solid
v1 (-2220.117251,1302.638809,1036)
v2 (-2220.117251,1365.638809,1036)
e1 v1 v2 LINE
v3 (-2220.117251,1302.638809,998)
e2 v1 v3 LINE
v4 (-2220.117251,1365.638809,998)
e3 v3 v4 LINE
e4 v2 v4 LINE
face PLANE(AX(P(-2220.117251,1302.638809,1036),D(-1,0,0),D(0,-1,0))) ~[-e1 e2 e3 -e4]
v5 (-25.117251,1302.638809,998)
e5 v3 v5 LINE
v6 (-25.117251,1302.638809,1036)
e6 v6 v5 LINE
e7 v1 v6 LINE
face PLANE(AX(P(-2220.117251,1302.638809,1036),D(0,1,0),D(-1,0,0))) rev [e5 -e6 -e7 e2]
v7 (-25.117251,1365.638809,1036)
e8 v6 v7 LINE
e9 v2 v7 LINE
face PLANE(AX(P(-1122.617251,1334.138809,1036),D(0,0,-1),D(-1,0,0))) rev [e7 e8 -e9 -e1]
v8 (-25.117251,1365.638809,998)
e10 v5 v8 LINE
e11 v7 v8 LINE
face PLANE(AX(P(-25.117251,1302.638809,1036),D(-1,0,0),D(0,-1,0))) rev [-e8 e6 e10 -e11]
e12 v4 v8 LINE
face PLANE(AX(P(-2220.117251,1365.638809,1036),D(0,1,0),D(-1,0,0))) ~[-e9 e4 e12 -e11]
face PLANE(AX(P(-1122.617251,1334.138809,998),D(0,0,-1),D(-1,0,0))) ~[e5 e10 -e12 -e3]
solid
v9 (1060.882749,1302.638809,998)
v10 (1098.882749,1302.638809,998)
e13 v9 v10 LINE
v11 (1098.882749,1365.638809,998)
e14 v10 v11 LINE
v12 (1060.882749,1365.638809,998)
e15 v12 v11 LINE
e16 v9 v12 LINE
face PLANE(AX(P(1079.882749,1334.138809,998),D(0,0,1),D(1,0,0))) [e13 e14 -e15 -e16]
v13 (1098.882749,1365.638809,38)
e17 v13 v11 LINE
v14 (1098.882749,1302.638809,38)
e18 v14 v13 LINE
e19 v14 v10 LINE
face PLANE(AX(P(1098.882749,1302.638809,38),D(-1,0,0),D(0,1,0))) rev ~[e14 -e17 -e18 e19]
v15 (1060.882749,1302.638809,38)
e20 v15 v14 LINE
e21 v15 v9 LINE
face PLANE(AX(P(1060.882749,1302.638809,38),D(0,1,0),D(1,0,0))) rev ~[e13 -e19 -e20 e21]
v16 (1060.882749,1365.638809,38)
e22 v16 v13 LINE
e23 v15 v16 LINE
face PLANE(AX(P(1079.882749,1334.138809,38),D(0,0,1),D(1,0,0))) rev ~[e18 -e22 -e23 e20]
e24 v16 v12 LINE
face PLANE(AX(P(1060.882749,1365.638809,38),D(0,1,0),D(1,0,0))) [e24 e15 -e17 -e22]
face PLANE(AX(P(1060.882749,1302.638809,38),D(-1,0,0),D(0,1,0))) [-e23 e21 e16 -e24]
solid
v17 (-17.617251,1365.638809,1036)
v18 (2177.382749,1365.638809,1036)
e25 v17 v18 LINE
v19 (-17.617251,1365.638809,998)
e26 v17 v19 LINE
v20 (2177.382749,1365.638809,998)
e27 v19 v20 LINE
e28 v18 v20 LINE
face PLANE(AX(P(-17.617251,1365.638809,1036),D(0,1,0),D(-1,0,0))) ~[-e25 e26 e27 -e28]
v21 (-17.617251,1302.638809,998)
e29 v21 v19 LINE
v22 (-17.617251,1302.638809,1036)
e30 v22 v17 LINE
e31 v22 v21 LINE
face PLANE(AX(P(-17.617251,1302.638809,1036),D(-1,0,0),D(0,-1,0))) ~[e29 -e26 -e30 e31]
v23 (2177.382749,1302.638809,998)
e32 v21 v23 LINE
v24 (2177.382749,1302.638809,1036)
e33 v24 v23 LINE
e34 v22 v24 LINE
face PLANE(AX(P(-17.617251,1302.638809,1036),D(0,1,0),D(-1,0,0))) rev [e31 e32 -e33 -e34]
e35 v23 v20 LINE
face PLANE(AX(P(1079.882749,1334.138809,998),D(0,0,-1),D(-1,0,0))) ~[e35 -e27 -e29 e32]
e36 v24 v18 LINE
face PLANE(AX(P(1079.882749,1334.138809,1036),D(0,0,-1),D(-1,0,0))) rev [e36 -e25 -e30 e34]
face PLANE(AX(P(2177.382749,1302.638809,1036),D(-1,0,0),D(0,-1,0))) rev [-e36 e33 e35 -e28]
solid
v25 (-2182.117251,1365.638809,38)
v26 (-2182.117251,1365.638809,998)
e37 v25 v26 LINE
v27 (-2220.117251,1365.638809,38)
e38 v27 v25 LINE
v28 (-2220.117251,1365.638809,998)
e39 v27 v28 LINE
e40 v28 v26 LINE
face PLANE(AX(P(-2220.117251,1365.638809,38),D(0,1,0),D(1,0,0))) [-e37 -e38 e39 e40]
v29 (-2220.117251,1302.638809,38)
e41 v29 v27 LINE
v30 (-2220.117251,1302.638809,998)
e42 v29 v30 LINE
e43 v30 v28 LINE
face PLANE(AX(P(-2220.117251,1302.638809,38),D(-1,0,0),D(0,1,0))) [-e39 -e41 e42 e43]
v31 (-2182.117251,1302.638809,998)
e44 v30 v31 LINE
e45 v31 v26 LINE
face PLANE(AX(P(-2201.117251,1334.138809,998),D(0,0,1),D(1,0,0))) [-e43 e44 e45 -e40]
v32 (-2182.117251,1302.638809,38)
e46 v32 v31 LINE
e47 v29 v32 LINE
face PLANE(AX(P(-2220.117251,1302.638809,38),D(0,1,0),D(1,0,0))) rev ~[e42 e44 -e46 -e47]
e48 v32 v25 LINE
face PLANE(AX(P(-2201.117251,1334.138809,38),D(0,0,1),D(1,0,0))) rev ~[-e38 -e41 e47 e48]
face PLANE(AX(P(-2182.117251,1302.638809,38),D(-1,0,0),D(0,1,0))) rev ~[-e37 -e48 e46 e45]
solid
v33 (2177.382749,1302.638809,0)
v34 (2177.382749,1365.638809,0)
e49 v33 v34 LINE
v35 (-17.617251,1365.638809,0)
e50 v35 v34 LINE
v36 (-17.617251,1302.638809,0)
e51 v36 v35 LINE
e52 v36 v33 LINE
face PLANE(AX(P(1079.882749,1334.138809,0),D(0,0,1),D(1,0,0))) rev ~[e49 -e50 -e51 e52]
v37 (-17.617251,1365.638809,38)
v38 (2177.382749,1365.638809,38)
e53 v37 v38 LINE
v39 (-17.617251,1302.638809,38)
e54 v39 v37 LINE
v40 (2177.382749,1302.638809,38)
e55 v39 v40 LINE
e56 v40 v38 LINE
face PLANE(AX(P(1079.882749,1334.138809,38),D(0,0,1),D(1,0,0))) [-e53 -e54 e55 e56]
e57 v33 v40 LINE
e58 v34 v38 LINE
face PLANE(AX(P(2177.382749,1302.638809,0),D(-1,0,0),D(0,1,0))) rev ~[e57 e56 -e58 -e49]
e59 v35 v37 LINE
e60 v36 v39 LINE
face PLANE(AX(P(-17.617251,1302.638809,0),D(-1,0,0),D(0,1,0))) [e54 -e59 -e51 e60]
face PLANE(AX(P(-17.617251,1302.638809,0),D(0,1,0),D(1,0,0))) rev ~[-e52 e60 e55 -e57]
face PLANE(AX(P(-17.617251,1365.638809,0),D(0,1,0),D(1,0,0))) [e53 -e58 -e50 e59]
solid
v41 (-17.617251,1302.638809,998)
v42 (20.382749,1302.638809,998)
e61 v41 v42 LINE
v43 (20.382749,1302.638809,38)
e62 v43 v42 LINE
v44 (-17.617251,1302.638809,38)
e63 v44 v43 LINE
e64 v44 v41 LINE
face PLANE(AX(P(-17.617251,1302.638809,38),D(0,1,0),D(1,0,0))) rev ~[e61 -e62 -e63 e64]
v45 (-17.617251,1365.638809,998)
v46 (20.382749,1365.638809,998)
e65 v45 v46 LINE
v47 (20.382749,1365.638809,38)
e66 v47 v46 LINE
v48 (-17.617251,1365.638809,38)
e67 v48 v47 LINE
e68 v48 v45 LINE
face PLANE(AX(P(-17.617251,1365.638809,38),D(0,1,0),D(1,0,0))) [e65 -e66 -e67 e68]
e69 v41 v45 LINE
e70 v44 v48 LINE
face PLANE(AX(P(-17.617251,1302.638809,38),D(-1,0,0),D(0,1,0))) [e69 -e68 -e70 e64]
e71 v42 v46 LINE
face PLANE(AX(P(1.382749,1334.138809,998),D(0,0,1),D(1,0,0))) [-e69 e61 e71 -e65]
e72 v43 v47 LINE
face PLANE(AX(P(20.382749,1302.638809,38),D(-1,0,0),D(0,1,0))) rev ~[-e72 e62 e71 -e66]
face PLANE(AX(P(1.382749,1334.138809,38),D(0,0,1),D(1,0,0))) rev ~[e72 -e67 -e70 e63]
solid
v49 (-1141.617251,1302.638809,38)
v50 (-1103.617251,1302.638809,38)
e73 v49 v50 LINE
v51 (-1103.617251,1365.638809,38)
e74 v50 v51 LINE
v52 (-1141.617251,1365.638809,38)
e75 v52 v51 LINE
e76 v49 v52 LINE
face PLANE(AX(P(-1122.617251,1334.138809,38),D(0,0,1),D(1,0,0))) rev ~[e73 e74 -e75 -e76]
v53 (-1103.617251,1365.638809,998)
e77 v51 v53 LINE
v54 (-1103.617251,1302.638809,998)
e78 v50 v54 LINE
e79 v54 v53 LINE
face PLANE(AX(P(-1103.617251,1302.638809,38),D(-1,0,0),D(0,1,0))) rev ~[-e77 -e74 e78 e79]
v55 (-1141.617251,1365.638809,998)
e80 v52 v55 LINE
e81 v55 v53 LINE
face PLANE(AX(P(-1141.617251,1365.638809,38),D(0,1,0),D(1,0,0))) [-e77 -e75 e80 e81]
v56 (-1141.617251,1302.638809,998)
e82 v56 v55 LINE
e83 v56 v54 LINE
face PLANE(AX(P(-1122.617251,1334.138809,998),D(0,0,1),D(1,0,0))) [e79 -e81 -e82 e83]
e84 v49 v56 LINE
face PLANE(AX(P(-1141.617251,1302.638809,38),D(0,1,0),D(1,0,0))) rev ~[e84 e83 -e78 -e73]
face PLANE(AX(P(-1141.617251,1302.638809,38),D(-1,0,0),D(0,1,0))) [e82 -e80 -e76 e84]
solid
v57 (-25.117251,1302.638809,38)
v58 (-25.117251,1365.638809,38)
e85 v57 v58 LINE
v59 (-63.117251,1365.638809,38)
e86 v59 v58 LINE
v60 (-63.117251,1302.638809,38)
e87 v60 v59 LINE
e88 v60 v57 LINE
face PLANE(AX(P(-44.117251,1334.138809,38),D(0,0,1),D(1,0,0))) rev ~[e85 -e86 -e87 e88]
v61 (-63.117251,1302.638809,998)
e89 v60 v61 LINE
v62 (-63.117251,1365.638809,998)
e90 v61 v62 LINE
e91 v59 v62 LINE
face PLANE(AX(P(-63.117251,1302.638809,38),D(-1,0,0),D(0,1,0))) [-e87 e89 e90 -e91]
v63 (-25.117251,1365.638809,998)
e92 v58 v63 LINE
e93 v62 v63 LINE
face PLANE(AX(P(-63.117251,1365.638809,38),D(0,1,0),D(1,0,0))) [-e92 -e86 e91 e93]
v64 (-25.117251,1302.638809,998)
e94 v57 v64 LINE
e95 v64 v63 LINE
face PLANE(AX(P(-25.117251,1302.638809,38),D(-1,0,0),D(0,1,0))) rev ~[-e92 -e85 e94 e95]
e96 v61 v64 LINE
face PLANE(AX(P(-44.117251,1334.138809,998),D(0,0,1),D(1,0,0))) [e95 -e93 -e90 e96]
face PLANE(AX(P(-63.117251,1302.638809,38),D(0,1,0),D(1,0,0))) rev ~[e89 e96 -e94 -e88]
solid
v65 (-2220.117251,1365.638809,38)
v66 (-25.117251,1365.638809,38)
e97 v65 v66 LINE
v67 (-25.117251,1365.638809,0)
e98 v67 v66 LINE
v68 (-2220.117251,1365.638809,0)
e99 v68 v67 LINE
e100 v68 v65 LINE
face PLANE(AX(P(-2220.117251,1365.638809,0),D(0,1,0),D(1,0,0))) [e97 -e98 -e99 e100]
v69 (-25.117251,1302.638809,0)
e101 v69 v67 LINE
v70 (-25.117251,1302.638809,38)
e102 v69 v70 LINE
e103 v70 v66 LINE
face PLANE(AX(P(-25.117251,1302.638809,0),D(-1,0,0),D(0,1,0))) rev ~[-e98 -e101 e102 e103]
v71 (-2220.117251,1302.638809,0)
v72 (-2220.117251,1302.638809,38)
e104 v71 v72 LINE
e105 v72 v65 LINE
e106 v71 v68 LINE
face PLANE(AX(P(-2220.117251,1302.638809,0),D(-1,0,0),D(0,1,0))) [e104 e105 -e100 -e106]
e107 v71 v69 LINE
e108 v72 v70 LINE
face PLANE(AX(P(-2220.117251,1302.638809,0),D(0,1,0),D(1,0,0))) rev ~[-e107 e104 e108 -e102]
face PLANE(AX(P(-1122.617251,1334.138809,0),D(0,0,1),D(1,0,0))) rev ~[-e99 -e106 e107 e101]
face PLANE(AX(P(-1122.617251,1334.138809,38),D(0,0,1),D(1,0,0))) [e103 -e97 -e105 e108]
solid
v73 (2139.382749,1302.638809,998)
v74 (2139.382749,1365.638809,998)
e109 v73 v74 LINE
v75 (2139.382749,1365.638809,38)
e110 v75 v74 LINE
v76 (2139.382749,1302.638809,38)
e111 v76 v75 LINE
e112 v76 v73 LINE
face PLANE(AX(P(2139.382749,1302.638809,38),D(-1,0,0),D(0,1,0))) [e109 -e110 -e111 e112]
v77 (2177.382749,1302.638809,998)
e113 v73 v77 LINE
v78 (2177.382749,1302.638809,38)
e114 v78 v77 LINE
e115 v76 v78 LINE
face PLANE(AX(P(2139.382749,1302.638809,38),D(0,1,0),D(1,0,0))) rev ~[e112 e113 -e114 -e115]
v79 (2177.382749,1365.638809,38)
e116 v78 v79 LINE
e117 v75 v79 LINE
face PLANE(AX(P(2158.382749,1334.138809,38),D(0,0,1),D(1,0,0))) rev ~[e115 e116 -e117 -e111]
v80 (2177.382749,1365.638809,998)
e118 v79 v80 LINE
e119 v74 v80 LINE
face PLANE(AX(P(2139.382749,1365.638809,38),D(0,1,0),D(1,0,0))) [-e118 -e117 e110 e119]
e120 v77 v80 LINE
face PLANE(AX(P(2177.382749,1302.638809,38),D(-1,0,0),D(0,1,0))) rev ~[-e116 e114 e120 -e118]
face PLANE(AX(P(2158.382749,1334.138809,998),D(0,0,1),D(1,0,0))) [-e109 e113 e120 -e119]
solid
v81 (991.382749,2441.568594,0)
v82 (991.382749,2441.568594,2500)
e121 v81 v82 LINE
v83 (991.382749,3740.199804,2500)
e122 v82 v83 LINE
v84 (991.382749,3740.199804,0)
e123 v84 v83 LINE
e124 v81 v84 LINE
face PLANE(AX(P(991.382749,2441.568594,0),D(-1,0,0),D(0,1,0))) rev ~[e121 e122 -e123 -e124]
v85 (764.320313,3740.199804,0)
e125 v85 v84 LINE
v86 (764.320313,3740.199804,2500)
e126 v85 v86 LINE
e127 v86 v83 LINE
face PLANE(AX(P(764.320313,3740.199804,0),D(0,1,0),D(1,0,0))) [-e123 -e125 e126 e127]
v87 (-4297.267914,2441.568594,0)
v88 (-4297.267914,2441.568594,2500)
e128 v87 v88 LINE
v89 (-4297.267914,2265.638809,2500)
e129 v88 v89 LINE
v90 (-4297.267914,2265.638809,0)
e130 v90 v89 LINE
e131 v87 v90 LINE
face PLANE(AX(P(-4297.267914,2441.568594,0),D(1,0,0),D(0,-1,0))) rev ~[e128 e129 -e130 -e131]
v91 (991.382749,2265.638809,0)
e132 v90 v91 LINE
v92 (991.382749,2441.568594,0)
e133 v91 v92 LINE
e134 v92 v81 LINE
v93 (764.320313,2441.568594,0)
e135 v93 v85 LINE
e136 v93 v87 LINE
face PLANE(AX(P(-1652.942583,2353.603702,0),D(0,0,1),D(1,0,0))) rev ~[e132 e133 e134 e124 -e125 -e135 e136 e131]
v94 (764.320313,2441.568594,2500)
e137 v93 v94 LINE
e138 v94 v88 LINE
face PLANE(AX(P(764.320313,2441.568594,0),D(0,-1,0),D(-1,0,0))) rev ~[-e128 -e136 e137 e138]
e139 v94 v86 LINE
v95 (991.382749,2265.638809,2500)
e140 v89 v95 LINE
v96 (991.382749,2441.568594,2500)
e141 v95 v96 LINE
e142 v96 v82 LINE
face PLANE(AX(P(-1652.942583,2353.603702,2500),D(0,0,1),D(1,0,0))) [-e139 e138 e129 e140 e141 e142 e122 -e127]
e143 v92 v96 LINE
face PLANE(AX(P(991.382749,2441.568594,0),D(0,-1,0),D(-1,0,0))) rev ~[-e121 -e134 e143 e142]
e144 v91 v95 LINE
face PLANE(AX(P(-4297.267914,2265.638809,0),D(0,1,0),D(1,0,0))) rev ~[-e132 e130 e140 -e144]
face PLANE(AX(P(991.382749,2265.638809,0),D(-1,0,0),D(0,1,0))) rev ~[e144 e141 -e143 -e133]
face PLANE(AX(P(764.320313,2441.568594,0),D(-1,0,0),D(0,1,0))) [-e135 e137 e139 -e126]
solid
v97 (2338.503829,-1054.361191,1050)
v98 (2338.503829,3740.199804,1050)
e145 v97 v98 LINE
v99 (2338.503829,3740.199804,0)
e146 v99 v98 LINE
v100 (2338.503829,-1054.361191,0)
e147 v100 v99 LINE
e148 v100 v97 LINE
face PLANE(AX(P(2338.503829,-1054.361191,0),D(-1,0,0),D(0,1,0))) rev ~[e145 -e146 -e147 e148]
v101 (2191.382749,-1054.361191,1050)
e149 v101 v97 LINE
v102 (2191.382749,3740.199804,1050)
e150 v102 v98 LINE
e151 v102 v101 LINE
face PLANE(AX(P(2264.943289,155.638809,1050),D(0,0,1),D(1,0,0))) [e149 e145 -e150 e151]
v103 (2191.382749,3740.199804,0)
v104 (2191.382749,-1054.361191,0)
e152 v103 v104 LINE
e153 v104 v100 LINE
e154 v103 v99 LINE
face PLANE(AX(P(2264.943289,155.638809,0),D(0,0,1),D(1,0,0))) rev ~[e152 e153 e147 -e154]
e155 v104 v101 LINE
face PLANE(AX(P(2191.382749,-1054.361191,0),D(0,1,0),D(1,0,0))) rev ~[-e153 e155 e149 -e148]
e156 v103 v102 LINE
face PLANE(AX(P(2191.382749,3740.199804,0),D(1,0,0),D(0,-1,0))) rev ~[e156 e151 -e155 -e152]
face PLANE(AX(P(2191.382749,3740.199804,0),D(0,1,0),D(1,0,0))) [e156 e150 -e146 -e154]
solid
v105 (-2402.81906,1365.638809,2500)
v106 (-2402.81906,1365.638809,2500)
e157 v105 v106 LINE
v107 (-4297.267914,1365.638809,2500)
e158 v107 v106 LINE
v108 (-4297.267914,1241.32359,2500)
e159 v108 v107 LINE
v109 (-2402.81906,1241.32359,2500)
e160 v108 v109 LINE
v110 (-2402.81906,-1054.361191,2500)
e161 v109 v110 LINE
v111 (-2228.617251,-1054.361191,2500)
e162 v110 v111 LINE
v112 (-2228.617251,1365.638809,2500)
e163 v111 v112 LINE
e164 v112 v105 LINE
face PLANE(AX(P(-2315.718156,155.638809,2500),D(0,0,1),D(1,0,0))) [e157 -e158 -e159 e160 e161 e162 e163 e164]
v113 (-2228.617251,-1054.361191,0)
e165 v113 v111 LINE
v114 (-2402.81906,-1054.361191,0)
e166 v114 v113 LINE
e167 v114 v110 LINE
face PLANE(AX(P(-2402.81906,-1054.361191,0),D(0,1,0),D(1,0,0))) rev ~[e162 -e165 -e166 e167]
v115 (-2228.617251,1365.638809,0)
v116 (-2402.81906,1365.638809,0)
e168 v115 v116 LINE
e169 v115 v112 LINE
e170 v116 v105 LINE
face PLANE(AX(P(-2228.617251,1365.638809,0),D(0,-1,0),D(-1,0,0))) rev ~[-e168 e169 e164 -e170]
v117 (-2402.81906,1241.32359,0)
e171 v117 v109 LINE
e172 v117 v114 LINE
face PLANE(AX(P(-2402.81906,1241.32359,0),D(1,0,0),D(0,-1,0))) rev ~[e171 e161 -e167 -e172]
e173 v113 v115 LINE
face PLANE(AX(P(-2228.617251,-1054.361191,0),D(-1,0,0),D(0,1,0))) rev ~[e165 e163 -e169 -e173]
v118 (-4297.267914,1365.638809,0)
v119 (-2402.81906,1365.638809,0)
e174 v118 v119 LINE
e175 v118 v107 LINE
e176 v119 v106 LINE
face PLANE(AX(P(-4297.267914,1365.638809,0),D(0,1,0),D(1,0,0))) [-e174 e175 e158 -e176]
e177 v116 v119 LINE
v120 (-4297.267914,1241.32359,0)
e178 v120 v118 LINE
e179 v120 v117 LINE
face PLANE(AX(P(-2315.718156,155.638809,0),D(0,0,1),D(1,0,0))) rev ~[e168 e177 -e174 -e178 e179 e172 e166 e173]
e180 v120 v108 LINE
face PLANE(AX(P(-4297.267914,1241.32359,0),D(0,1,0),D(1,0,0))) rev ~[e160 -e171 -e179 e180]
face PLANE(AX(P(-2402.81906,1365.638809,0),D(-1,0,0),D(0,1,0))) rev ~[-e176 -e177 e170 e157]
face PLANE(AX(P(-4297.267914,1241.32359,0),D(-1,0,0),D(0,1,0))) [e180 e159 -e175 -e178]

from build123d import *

# Parameters (mm, degrees)
F0_W     = 1894.448854
F0_H     = 124.315219
F0_W_2   = 227.062435
F0_H_2   = 1298.63121
F1_DEPTH = 2500
F0_W_3   = 147.121081
F0_H_3   = 2420
F0_H_4   = 2374.560995
F2_DEPTH = 1050
F3_W     = 2195
F3_H     = 63
F4_DEPTH = 38
F5_DEPTH = 38
F6_W     = 38
F6_H     = 63
F7_DEPTH = 960


with BuildPart() as f1:
    # F0 (on Top) → F1 (new body)
    with BuildSketch(Plane.XY):
        Polygon((-2402.81906, 1241.32359), (-2402.81906, -1054.361191), (-2228.617251, -1054.361191), (-2228.617251, 1323.004286), (-2228.617251, 1365.638809), (-2402.81906, 1365.638809), align=None)
        Polygon((991.382749, 2265.638809), (991.382749, 2441.568594), (764.320314, 2441.568594), (-4297.267914, 2441.568594), (-4297.267914, 2265.638809), align=None)
        with Locations((-3350.043487, 1303.4812)):
            Rectangle(F0_W, F0_H)
        with Locations((877.851531, 3090.884199)):
            Rectangle(F0_W_2, F0_H_2)
    extrude(amount=F1_DEPTH)


with BuildPart() as f2:
    # F0 (on Top) → F2 (new body)
    with BuildSketch(Plane.XY):
        with Locations((2264.943289, 155.638809)):
            Rectangle(F0_W_3, F0_H_3)
        with Locations((2264.943289, 2552.919306)):
            Rectangle(F0_W_3, F0_H_4)
    extrude(amount=F2_DEPTH)


with BuildPart() as f4:
    # F3 (on Top) → F4 (new body)
    with BuildSketch(Plane.XY):
        with Locations((1079.882749, 1334.138809)):
            Rectangle(F3_W, F3_H)
    extrude(amount=F4_DEPTH)


with BuildPart() as f5:
    # F3 (on Top) → F5 (new body)
    with BuildSketch(Plane.XY):
        with Locations((-1122.617251, 1334.138809)):
            Rectangle(F3_W, F3_H)
    extrude(amount=F5_DEPTH)


with BuildPart() as f7:
    # F6 (on face) → F7 (new body)
    with BuildSketch(Plane.XY.offset(38)):
        with Locations((2158.382749, 1334.138809)):
            Rectangle(F6_W, F6_H)
        with Locations((1.382749, 1334.138809)):
            Rectangle(F6_W, F6_H)
        with Locations((-44.117251, 1334.138809)):
            Rectangle(F6_W, F6_H)
        with Locations((-2201.117251, 1334.138809)):
            Rectangle(F6_W, F6_H)
        with Locations((1079.882749, 1334.138809)):
            Rectangle(F6_W, F6_H)
        with Locations((-1122.617251, 1334.138809)):
            Rectangle(F6_W, F6_H)
    extrude(amount=F7_DEPTH)


with BuildPart() as f9_1:
    # F9: instance of F4
    add(f4.part.mirror(Plane(origin=(1619.132749, 1334.138809, 518), x_dir=(1, 0, 0), z_dir=(0, 0, 1))))


with BuildPart() as f9_2:
    # F9: instance of F5
    add(f5.part.mirror(Plane(origin=(1619.132749, 1334.138809, 518), x_dir=(1, 0, 0), z_dir=(0, 0, 1))))


solid = Compound([f1.part, f2.part, f4.part, f5.part, f7.part, f9_1.part, f9_2.part])
